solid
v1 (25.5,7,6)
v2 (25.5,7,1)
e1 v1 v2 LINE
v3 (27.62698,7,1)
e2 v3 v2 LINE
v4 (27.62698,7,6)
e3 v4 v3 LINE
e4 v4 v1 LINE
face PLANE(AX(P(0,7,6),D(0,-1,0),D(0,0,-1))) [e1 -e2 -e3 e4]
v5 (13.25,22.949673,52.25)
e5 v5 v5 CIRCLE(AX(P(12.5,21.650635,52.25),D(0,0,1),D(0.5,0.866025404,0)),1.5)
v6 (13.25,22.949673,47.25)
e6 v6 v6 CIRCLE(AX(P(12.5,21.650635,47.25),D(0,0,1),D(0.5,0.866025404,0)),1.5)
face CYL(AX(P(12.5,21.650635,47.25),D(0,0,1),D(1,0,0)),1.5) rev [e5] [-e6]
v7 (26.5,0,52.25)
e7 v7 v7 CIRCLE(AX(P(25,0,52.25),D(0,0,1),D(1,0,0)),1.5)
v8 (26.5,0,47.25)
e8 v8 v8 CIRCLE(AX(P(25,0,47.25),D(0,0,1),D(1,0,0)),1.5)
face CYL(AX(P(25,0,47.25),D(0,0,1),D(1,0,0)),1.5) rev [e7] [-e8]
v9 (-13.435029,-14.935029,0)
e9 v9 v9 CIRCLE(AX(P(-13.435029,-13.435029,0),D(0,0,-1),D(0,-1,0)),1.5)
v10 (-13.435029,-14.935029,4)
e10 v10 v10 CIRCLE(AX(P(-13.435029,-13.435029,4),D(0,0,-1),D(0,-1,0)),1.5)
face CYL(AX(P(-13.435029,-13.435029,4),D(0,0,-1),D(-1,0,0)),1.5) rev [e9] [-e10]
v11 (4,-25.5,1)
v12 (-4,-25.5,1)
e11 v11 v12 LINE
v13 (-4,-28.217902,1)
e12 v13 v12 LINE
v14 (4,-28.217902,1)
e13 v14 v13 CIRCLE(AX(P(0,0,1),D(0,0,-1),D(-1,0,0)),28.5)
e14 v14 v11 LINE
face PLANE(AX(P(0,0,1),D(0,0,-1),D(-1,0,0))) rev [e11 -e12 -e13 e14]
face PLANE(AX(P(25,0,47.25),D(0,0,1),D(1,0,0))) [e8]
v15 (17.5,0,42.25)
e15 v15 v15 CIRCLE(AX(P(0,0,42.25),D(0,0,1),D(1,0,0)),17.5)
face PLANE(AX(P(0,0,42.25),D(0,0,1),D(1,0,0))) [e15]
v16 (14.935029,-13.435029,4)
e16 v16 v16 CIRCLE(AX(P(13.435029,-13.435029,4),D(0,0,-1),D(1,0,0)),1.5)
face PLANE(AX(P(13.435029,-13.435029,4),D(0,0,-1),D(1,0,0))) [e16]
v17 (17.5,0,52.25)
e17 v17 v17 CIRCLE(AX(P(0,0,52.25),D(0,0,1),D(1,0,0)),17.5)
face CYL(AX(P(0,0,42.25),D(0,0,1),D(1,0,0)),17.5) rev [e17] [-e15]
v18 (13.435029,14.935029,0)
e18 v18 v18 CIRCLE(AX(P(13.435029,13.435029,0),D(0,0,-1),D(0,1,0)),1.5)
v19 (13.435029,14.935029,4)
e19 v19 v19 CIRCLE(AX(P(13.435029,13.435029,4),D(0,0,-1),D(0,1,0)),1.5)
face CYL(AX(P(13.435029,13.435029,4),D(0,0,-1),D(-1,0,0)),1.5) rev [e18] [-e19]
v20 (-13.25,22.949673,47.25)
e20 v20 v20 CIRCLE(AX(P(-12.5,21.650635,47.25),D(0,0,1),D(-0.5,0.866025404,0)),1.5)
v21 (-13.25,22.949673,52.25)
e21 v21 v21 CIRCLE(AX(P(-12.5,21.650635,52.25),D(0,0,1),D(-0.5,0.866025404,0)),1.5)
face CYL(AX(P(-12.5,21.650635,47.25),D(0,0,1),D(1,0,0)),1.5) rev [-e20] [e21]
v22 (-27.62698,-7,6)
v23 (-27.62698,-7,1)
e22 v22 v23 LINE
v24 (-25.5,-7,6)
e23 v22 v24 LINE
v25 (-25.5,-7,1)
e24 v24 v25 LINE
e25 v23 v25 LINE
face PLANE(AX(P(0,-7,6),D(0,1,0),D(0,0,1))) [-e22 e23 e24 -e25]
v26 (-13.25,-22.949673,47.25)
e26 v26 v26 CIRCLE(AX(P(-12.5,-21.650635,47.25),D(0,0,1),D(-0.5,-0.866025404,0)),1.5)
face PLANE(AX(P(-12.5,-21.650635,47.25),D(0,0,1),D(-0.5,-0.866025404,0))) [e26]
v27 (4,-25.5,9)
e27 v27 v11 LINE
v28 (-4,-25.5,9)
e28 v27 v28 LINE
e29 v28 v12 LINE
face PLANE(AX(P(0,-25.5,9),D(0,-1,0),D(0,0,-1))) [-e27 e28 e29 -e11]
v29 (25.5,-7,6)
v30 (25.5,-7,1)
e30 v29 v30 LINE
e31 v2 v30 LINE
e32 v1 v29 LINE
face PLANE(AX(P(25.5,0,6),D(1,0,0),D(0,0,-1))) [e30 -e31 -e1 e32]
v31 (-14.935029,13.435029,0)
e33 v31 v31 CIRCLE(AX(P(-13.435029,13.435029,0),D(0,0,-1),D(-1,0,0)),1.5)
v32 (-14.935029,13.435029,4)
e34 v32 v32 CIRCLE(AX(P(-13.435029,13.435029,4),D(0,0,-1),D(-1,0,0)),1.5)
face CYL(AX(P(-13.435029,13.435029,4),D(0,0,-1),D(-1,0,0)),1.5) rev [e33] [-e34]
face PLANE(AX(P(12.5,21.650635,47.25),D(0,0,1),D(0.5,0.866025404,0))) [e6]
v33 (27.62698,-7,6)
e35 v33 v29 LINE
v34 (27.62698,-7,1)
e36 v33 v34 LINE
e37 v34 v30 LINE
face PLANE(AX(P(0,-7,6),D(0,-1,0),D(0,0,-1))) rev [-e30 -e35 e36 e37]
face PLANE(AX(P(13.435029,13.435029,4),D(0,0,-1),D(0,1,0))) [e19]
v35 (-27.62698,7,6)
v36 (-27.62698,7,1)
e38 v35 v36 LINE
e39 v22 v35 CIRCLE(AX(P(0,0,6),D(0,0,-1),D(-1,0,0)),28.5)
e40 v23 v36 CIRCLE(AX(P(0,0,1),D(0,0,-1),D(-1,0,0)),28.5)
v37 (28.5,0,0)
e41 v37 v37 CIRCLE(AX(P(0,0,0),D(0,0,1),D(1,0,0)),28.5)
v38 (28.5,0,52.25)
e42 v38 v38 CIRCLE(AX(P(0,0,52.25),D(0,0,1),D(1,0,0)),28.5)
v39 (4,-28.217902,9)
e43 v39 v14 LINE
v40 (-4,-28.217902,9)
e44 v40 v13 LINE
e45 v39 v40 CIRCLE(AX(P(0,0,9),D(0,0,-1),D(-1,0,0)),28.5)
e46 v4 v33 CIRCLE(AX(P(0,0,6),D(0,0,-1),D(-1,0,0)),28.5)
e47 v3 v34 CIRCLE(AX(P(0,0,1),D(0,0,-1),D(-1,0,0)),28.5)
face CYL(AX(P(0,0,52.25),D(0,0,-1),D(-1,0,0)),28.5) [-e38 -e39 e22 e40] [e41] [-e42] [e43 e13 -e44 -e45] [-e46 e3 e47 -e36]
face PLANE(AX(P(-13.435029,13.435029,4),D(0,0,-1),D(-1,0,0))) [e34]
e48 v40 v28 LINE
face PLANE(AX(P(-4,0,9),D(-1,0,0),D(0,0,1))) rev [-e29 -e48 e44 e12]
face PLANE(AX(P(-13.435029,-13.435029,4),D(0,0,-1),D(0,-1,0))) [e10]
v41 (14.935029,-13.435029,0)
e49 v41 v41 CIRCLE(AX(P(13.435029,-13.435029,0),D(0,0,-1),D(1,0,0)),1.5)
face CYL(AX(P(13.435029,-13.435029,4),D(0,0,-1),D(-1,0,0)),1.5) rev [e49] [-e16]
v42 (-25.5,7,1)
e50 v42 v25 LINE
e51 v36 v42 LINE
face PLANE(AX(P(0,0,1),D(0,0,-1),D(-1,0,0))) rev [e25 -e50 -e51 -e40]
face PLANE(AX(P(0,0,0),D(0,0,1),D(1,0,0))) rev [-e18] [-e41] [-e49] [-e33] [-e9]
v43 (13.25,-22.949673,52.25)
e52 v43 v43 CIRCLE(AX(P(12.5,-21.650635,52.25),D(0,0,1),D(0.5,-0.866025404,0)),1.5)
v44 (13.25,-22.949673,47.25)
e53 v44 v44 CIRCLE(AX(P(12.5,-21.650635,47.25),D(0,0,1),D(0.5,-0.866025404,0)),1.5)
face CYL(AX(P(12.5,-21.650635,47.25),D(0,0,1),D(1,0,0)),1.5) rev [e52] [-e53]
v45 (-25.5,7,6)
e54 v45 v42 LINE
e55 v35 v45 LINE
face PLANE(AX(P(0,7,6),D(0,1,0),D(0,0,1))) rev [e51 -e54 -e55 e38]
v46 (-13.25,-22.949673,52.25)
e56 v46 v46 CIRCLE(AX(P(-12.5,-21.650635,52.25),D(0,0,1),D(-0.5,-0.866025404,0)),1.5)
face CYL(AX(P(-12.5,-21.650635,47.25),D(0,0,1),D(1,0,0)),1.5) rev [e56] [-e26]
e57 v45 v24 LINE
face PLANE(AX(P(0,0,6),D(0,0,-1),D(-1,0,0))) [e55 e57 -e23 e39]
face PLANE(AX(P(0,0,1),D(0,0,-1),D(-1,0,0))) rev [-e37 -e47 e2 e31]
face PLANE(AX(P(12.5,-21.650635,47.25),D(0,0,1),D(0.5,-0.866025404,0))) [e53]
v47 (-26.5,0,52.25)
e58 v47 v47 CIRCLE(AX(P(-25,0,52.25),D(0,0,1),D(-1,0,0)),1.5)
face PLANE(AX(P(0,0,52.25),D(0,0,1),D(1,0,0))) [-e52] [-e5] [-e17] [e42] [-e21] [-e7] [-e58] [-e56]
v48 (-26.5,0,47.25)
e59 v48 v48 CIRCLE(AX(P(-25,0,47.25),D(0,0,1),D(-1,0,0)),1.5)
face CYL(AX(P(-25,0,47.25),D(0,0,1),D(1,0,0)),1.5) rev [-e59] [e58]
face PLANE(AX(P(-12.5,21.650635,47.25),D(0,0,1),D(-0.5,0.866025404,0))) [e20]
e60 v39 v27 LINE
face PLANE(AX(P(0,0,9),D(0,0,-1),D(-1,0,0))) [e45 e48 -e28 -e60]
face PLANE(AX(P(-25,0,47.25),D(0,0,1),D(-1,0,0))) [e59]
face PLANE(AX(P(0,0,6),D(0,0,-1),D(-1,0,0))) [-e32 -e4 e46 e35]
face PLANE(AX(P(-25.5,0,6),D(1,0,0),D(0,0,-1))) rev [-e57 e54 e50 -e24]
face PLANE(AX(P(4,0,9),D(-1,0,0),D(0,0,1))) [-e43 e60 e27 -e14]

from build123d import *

# Parameters (mm, degrees)
SKETCH_1_R               = 28.5
EXTRUDE_1_DEPTH          = 52.25
SKETCH_2_R               = 1.5
CUT_EXTRUDE_1_DEPTH      = 5
PATTERN_CIRCULAR_1_COUNT = 6
SKETCH_3_R               = 17.5
CUT_EXTRUDE_2_DEPTH      = 10
CUT_EXTRUDE_START        = -1
CUT_EXTRUDE_5_DEPTH      = 5
CUT_EXTRUDE_6_DEPTH      = 8
SKETCH_8_R               = 1.5
CUT_EXTRUDE_8_DEPTH      = 4
PATTERN_CIRCULAR_2_COUNT = 4


with BuildPart() as part:
    # 草图1 → 凸台-拉伸1 (new body)
    with BuildSketch(Plane.XY):
        Circle(SKETCH_1_R)
    extrude(amount=EXTRUDE_1_DEPTH)

    # 草图2 → 切除-拉伸1 (cut)
    with BuildSketch(Plane.XY.offset(52.25)):
        with Locations((25, 0)):
            Circle(SKETCH_2_R)
    cut_extrude_1 = extrude(amount=-CUT_EXTRUDE_1_DEPTH, mode=Mode.SUBTRACT)

    # 阵列(圆周)1: 切除-拉伸1 ×6 about axis
    pattern_circular_1_axis = Axis((0, 0, 0), (0, 0, 1))
    for i in range(1, PATTERN_CIRCULAR_1_COUNT):
        add(cut_extrude_1.rotate(pattern_circular_1_axis, i * 360 / PATTERN_CIRCULAR_1_COUNT), mode=Mode.SUBTRACT)

    # 草图3 → 切除-拉伸2 (cut)
    with BuildSketch(Plane.XY.offset(52.25)):
        Circle(SKETCH_3_R)
    extrude(amount=-CUT_EXTRUDE_2_DEPTH, mode=Mode.SUBTRACT)

    # 草图5 → 切除-拉伸5 (cut)
    with BuildSketch(Plane(origin=(0, 0, 0), x_dir=(-1, 0, 0), z_dir=(0, 0, -1)).offset(CUT_EXTRUDE_START)):
        with BuildLine():
            ThreePointArc((28.5, 0), (28.280902723, 3.527115134), (27.626979567, 7))
            Line((27.626979567, 7), (25.5, 7))
            Line((25.5, 7), (25.5, -7))
            Line((25.5, -7), (27.626979567, -7))
            ThreePointArc((27.626979567, -7), (28.280902723, -3.527115134), (28.5, 0))
        make_face()
        with BuildLine():
            Line((-25.5, 7), (-27.626979567, 7))
            ThreePointArc((-27.626979567, 7), (-28.5, 0), (-27.626979567, -7))
            Line((-27.626979567, -7), (-25.5, -7))
            Line((-25.5, -7), (-25.5, 7))
        make_face()
    extrude(amount=-CUT_EXTRUDE_5_DEPTH, mode=Mode.SUBTRACT)

    # 草图7 → 切除-拉伸6 (cut)
    with BuildSketch(Plane(origin=(0, 0, 0), x_dir=(-1, 0, 0), z_dir=(0, 0, -1)).offset(CUT_EXTRUDE_START)):
        with BuildLine():
            Line((-4, -28.217902119), (-4, -25.5))
            Line((-4, -25.5), (4, -25.5))
            Line((4, -25.5), (4, -28.217902119))
            ThreePointArc((4, -28.217902119), (0, -28.5), (-4, -28.217902119))
        make_face()
    extrude(amount=-CUT_EXTRUDE_6_DEPTH, mode=Mode.SUBTRACT)

    # 草图8 → 切除-拉伸8 (cut)
    with BuildSketch(Plane(origin=(0, 0, 0), x_dir=(-1, 0, 0), z_dir=(0, 0, -1))):
        with Locations((13.435028843, 13.435028843)):
            Circle(SKETCH_8_R)
    cut_extrude_8 = extrude(amount=-CUT_EXTRUDE_8_DEPTH, mode=Mode.SUBTRACT)

    # 阵列(圆周)2: 切除-拉伸8 ×4 about axis
    pattern_circular_2_axis = Axis((0, 0, 0), (0, 0, 1))
    for i in range(1, PATTERN_CIRCULAR_2_COUNT):
        add(cut_extrude_8.rotate(pattern_circular_2_axis, i * 360 / PATTERN_CIRCULAR_2_COUNT), mode=Mode.SUBTRACT)


solid = part.part
